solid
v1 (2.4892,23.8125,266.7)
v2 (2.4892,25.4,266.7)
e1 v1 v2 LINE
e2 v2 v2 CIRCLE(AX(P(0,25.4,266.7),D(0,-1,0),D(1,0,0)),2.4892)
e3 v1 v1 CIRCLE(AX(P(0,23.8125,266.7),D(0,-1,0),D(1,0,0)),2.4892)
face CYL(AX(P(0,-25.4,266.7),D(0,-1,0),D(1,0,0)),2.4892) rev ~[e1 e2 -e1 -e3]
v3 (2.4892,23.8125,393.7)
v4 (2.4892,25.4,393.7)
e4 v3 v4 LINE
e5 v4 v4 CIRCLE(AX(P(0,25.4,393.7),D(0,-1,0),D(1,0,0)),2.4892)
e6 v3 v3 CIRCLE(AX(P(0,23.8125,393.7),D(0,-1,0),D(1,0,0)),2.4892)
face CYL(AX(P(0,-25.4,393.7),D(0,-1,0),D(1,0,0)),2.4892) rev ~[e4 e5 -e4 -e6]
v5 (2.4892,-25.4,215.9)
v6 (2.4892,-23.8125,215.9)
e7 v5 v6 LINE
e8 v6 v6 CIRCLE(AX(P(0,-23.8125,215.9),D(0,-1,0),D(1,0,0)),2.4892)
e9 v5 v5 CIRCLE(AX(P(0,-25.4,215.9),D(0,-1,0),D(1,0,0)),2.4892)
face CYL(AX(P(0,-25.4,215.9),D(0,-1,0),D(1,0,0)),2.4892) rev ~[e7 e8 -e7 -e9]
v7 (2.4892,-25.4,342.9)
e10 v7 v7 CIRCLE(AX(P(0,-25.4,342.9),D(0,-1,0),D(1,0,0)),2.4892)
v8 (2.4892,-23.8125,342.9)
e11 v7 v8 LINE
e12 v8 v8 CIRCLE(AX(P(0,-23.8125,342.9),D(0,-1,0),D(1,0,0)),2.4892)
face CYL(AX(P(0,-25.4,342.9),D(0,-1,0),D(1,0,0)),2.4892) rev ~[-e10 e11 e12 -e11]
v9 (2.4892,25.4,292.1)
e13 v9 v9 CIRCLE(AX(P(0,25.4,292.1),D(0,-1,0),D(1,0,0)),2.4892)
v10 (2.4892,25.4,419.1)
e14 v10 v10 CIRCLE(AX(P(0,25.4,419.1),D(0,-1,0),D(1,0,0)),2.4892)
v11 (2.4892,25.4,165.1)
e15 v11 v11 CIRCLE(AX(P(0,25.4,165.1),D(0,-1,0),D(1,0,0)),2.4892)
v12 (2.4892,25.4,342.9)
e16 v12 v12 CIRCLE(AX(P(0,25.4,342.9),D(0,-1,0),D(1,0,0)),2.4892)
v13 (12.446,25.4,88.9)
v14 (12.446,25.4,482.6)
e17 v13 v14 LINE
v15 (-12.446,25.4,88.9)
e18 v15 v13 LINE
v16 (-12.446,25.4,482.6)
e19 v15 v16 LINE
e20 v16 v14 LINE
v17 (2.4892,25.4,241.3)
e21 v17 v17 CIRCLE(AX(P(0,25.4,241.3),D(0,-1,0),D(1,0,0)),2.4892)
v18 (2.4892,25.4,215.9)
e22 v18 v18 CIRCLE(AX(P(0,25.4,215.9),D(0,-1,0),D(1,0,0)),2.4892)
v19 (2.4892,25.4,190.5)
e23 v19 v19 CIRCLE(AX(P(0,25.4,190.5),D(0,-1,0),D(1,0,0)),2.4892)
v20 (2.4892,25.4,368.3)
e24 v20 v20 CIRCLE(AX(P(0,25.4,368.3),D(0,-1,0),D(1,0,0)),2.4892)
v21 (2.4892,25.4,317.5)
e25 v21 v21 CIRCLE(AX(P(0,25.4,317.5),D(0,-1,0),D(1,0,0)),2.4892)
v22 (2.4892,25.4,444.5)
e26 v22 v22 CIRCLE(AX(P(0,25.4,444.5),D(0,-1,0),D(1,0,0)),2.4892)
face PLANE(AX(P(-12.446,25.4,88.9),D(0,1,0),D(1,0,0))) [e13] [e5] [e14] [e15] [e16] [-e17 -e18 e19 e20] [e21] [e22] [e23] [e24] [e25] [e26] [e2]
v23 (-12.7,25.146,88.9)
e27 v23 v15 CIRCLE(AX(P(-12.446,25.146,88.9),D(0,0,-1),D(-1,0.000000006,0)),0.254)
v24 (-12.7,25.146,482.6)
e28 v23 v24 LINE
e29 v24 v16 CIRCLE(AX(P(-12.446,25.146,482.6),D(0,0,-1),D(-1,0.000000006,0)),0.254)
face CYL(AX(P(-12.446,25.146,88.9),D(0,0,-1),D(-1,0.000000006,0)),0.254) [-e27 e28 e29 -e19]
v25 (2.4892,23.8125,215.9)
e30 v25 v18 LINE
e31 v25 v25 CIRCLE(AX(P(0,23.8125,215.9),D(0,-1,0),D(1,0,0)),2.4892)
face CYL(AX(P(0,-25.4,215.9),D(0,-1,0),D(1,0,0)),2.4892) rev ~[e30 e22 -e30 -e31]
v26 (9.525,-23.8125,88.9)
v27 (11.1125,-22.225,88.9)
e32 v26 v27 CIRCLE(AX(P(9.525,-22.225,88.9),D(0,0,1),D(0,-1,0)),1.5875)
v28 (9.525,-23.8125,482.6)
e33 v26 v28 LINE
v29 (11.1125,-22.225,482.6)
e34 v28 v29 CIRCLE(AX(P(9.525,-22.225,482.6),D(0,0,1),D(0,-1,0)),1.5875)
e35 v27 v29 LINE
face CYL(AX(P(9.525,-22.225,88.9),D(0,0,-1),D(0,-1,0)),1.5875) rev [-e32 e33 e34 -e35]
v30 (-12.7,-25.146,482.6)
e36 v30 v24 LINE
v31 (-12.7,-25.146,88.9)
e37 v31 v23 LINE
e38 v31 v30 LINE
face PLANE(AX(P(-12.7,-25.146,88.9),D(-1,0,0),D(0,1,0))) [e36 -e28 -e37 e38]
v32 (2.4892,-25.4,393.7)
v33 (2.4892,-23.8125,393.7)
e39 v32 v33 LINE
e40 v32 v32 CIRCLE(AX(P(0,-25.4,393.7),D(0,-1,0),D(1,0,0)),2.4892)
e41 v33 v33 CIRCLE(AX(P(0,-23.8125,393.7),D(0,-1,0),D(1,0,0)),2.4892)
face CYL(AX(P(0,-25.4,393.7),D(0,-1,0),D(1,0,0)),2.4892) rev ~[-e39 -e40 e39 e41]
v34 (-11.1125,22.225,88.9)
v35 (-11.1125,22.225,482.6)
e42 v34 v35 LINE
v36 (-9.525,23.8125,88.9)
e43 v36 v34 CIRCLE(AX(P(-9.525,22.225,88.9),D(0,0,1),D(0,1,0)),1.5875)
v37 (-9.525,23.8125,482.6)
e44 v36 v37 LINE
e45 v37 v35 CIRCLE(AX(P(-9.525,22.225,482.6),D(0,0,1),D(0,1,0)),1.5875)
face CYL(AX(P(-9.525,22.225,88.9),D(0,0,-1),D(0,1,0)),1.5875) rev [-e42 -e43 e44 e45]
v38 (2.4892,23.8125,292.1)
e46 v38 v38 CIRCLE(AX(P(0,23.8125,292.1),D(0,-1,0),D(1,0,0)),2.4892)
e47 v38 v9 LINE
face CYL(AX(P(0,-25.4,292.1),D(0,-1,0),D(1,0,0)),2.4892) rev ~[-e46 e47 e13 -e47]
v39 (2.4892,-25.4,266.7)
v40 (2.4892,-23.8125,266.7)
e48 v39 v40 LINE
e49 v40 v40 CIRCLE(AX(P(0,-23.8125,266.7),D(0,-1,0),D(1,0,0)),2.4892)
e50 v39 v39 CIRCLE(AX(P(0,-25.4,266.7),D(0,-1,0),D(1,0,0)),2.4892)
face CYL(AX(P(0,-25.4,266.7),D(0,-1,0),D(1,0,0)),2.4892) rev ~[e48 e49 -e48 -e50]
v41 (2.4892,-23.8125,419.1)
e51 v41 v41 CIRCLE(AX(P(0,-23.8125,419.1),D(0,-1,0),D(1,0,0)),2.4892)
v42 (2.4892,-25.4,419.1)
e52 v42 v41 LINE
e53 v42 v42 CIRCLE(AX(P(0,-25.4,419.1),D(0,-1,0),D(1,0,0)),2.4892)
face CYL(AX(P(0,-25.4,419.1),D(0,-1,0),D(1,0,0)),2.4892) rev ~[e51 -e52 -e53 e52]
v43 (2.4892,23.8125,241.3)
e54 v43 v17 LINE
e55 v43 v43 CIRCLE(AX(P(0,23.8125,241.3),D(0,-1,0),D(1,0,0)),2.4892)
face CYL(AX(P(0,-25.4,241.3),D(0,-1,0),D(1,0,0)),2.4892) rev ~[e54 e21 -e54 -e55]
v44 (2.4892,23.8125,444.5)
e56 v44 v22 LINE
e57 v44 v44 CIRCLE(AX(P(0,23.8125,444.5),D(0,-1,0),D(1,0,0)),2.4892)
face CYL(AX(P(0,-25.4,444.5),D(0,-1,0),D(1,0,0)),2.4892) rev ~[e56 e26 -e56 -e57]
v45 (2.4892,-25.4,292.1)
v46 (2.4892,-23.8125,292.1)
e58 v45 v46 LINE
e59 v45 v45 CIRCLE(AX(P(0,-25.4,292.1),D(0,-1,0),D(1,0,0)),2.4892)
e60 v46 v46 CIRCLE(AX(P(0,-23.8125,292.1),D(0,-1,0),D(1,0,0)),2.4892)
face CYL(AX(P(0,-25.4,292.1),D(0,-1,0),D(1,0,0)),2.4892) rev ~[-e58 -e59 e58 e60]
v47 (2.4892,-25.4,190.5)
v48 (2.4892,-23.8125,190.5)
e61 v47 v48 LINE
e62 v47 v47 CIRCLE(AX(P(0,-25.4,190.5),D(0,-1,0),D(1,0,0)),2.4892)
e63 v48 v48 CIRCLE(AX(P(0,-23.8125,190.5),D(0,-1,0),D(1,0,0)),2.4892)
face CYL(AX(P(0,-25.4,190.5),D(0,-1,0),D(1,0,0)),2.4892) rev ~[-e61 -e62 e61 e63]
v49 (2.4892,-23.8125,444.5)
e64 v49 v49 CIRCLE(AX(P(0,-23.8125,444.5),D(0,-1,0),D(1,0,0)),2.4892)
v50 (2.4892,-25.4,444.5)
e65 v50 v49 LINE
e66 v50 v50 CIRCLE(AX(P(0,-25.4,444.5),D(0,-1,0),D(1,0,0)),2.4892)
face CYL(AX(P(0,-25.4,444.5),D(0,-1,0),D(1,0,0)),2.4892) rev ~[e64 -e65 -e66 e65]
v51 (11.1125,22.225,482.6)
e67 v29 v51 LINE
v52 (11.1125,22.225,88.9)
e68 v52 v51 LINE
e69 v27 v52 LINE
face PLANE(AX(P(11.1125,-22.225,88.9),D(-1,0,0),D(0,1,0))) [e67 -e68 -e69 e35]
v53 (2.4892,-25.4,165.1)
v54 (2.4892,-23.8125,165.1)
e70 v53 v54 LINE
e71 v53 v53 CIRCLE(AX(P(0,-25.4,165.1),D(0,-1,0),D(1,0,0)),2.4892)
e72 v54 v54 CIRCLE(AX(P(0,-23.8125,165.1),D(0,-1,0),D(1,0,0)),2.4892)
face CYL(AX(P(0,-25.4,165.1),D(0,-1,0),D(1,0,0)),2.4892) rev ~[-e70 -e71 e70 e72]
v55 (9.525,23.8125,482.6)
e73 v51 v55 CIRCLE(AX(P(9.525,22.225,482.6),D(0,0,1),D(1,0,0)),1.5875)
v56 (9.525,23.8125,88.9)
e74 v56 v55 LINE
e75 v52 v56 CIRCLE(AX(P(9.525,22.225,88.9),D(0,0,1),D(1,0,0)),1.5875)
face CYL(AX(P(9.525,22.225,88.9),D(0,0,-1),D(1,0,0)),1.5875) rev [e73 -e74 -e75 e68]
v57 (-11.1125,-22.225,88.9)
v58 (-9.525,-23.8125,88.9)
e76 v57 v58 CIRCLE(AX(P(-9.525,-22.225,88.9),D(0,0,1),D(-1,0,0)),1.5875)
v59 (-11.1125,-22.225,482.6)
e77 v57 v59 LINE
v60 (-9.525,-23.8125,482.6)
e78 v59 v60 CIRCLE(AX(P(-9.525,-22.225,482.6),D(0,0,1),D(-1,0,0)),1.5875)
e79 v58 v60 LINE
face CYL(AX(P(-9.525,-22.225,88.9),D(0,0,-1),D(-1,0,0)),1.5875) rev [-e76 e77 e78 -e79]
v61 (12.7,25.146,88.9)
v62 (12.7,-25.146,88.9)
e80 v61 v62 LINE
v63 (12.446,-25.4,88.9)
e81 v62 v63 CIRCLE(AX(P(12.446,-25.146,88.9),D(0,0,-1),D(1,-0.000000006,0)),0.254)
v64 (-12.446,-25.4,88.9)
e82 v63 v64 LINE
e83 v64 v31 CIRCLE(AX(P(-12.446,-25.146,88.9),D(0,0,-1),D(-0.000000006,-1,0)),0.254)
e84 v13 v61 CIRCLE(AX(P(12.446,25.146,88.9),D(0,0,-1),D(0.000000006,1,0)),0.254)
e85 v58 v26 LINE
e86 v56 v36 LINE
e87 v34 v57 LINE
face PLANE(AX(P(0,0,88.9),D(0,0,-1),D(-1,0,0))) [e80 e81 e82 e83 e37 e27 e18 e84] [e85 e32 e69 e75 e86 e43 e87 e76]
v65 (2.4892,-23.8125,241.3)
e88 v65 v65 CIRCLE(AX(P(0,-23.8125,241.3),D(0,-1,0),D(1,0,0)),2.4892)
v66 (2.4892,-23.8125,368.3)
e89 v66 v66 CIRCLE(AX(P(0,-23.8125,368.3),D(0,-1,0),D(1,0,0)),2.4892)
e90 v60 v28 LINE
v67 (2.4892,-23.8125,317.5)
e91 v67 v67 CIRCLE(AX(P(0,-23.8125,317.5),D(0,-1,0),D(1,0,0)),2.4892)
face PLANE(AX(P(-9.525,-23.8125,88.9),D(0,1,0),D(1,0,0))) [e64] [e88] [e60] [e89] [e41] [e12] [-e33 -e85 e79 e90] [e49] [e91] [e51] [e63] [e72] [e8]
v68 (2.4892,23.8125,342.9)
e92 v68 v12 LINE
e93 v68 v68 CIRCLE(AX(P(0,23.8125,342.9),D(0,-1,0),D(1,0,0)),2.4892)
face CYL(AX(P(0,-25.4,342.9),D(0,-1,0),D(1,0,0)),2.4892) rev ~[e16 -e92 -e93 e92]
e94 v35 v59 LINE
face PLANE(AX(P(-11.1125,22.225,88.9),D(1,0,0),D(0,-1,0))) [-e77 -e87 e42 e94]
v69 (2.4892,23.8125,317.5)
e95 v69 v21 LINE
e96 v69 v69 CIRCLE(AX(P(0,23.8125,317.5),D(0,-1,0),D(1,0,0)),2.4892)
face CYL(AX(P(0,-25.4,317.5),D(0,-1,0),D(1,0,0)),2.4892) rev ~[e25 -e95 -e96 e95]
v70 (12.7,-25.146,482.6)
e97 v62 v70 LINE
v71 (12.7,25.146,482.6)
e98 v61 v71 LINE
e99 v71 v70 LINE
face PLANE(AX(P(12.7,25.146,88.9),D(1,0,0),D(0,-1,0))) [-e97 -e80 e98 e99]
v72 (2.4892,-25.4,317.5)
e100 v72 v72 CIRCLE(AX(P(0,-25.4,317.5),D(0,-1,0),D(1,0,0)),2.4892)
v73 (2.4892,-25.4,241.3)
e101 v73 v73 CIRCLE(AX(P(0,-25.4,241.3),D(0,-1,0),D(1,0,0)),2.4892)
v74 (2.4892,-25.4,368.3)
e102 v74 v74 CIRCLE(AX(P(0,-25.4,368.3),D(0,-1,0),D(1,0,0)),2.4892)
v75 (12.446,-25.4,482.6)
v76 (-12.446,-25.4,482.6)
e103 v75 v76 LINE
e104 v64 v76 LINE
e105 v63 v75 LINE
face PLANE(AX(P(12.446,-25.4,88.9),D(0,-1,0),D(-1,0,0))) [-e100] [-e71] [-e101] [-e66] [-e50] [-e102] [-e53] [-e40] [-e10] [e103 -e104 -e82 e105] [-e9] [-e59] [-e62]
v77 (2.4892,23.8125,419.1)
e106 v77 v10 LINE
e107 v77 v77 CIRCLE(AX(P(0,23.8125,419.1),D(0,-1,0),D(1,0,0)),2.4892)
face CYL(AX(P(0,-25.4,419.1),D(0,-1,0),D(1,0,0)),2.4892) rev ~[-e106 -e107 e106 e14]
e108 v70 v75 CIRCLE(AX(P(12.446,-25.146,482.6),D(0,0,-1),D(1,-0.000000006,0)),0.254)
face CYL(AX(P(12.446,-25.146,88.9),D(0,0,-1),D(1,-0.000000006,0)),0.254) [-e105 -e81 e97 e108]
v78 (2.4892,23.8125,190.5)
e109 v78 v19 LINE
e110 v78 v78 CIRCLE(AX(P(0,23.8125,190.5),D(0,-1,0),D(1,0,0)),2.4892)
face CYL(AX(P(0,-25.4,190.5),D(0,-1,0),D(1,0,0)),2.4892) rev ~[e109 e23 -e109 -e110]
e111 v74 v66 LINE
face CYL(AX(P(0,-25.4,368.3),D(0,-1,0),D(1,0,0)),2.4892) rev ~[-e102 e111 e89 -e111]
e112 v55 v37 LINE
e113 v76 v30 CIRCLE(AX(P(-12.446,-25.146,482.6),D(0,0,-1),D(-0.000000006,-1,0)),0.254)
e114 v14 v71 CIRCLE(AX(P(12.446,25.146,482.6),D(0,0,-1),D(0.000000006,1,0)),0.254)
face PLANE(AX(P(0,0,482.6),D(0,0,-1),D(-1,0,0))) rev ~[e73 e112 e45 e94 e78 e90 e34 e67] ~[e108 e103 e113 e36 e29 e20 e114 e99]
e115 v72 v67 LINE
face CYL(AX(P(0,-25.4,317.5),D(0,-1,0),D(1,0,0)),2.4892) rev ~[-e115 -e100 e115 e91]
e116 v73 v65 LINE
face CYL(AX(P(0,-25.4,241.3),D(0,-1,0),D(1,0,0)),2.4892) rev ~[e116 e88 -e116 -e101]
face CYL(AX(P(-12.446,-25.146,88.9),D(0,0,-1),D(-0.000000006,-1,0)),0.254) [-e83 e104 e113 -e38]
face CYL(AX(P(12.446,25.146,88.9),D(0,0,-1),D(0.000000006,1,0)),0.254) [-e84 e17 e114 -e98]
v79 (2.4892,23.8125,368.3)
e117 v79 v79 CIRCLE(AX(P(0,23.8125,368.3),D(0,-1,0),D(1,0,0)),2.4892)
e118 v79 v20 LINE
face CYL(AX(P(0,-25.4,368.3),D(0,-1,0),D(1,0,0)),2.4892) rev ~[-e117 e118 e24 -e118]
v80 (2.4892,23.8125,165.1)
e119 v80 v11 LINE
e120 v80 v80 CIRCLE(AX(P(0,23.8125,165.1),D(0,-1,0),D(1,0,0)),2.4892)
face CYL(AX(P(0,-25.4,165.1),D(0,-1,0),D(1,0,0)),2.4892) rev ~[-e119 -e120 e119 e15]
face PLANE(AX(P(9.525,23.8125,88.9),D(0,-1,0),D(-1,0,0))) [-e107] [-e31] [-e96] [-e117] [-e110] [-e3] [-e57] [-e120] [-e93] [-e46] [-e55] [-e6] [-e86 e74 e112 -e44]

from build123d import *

# Parameters (mm, degrees)
BOSS_EXTRUDE1_START = -88.9
BOSS_EXTRUDE1_DEPTH = 393.7
SKETCH3_R           = 2.4892
CUT_EXTRUDE2_DEPTH  = 51.8


with BuildPart() as part:
    # Sketch1 → Boss-Extrude1 (new body)
    with BuildSketch(Plane(origin=(0, 0, 0), x_dir=(-1, 0, 0), z_dir=(0, 0, -1)).offset(BOSS_EXTRUDE1_START)):
        with BuildLine():
            Line((-12.7, 25.146), (-12.7, -25.146))
            ThreePointArc((-12.7, -25.146), (-12.625605122, -25.325605122), (-12.446, -25.4))
            Line((-12.446, -25.4), (12.446, -25.4))
            ThreePointArc((12.446, -25.4), (12.625605122, -25.325605122), (12.7, -25.146))
            Line((12.7, -25.146), (12.7, 25.146))
            ThreePointArc((12.7, 25.146), (12.625605122, 25.325605122), (12.446, 25.4))
            Line((12.446, 25.4), (-12.446, 25.4))
            ThreePointArc((-12.446, 25.4), (-12.625605122, 25.325605122), (-12.7, 25.146))
        make_face()
        with BuildLine():
            Line((-11.1125, -22.225), (-11.1125, 22.225))
            ThreePointArc((-11.1125, 22.225), (-10.647532015, 23.347532015), (-9.525, 23.8125))
            Line((-9.525, 23.8125), (9.525, 23.8125))
            ThreePointArc((9.525, 23.8125), (10.647532015, 23.347532015), (11.1125, 22.225))
            Line((11.1125, 22.225), (11.1125, -22.225))
            ThreePointArc((11.1125, -22.225), (10.647532015, -23.347532015), (9.525, -23.8125))
            Line((9.525, -23.8125), (-9.525, -23.8125))
            ThreePointArc((-9.525, -23.8125), (-10.647532015, -23.347532015), (-11.1125, -22.225))
        make_face(mode=Mode.SUBTRACT)
    extrude(amount=-BOSS_EXTRUDE1_DEPTH)

    # Sketch3 → Cut-Extrude2 (cut, through all)
    with BuildSketch(Plane.XZ.offset(25.4)):
        with Locations((0, 165.1)):
            Circle(SKETCH3_R)
        with Locations((0, 190.5)):
            Circle(SKETCH3_R)
        with Locations((0, 215.9)):
            Circle(SKETCH3_R)
        with Locations((0, 241.3)):
            Circle(SKETCH3_R)
        with Locations((0, 266.7)):
            Circle(SKETCH3_R)
        with Locations((0, 292.1)):
            Circle(SKETCH3_R)
        with Locations((0, 317.5)):
            Circle(SKETCH3_R)
        with Locations((0, 342.9)):
            Circle(SKETCH3_R)
        with Locations((0, 368.3)):
            Circle(SKETCH3_R)
        with Locations((0, 393.7)):
            Circle(SKETCH3_R)
        with Locations((0, 419.1)):
            Circle(SKETCH3_R)
        with Locations((0, 444.5)):
            Circle(SKETCH3_R)
    extrude(amount=-CUT_EXTRUDE2_DEPTH, mode=Mode.SUBTRACT)


solid = part.part
